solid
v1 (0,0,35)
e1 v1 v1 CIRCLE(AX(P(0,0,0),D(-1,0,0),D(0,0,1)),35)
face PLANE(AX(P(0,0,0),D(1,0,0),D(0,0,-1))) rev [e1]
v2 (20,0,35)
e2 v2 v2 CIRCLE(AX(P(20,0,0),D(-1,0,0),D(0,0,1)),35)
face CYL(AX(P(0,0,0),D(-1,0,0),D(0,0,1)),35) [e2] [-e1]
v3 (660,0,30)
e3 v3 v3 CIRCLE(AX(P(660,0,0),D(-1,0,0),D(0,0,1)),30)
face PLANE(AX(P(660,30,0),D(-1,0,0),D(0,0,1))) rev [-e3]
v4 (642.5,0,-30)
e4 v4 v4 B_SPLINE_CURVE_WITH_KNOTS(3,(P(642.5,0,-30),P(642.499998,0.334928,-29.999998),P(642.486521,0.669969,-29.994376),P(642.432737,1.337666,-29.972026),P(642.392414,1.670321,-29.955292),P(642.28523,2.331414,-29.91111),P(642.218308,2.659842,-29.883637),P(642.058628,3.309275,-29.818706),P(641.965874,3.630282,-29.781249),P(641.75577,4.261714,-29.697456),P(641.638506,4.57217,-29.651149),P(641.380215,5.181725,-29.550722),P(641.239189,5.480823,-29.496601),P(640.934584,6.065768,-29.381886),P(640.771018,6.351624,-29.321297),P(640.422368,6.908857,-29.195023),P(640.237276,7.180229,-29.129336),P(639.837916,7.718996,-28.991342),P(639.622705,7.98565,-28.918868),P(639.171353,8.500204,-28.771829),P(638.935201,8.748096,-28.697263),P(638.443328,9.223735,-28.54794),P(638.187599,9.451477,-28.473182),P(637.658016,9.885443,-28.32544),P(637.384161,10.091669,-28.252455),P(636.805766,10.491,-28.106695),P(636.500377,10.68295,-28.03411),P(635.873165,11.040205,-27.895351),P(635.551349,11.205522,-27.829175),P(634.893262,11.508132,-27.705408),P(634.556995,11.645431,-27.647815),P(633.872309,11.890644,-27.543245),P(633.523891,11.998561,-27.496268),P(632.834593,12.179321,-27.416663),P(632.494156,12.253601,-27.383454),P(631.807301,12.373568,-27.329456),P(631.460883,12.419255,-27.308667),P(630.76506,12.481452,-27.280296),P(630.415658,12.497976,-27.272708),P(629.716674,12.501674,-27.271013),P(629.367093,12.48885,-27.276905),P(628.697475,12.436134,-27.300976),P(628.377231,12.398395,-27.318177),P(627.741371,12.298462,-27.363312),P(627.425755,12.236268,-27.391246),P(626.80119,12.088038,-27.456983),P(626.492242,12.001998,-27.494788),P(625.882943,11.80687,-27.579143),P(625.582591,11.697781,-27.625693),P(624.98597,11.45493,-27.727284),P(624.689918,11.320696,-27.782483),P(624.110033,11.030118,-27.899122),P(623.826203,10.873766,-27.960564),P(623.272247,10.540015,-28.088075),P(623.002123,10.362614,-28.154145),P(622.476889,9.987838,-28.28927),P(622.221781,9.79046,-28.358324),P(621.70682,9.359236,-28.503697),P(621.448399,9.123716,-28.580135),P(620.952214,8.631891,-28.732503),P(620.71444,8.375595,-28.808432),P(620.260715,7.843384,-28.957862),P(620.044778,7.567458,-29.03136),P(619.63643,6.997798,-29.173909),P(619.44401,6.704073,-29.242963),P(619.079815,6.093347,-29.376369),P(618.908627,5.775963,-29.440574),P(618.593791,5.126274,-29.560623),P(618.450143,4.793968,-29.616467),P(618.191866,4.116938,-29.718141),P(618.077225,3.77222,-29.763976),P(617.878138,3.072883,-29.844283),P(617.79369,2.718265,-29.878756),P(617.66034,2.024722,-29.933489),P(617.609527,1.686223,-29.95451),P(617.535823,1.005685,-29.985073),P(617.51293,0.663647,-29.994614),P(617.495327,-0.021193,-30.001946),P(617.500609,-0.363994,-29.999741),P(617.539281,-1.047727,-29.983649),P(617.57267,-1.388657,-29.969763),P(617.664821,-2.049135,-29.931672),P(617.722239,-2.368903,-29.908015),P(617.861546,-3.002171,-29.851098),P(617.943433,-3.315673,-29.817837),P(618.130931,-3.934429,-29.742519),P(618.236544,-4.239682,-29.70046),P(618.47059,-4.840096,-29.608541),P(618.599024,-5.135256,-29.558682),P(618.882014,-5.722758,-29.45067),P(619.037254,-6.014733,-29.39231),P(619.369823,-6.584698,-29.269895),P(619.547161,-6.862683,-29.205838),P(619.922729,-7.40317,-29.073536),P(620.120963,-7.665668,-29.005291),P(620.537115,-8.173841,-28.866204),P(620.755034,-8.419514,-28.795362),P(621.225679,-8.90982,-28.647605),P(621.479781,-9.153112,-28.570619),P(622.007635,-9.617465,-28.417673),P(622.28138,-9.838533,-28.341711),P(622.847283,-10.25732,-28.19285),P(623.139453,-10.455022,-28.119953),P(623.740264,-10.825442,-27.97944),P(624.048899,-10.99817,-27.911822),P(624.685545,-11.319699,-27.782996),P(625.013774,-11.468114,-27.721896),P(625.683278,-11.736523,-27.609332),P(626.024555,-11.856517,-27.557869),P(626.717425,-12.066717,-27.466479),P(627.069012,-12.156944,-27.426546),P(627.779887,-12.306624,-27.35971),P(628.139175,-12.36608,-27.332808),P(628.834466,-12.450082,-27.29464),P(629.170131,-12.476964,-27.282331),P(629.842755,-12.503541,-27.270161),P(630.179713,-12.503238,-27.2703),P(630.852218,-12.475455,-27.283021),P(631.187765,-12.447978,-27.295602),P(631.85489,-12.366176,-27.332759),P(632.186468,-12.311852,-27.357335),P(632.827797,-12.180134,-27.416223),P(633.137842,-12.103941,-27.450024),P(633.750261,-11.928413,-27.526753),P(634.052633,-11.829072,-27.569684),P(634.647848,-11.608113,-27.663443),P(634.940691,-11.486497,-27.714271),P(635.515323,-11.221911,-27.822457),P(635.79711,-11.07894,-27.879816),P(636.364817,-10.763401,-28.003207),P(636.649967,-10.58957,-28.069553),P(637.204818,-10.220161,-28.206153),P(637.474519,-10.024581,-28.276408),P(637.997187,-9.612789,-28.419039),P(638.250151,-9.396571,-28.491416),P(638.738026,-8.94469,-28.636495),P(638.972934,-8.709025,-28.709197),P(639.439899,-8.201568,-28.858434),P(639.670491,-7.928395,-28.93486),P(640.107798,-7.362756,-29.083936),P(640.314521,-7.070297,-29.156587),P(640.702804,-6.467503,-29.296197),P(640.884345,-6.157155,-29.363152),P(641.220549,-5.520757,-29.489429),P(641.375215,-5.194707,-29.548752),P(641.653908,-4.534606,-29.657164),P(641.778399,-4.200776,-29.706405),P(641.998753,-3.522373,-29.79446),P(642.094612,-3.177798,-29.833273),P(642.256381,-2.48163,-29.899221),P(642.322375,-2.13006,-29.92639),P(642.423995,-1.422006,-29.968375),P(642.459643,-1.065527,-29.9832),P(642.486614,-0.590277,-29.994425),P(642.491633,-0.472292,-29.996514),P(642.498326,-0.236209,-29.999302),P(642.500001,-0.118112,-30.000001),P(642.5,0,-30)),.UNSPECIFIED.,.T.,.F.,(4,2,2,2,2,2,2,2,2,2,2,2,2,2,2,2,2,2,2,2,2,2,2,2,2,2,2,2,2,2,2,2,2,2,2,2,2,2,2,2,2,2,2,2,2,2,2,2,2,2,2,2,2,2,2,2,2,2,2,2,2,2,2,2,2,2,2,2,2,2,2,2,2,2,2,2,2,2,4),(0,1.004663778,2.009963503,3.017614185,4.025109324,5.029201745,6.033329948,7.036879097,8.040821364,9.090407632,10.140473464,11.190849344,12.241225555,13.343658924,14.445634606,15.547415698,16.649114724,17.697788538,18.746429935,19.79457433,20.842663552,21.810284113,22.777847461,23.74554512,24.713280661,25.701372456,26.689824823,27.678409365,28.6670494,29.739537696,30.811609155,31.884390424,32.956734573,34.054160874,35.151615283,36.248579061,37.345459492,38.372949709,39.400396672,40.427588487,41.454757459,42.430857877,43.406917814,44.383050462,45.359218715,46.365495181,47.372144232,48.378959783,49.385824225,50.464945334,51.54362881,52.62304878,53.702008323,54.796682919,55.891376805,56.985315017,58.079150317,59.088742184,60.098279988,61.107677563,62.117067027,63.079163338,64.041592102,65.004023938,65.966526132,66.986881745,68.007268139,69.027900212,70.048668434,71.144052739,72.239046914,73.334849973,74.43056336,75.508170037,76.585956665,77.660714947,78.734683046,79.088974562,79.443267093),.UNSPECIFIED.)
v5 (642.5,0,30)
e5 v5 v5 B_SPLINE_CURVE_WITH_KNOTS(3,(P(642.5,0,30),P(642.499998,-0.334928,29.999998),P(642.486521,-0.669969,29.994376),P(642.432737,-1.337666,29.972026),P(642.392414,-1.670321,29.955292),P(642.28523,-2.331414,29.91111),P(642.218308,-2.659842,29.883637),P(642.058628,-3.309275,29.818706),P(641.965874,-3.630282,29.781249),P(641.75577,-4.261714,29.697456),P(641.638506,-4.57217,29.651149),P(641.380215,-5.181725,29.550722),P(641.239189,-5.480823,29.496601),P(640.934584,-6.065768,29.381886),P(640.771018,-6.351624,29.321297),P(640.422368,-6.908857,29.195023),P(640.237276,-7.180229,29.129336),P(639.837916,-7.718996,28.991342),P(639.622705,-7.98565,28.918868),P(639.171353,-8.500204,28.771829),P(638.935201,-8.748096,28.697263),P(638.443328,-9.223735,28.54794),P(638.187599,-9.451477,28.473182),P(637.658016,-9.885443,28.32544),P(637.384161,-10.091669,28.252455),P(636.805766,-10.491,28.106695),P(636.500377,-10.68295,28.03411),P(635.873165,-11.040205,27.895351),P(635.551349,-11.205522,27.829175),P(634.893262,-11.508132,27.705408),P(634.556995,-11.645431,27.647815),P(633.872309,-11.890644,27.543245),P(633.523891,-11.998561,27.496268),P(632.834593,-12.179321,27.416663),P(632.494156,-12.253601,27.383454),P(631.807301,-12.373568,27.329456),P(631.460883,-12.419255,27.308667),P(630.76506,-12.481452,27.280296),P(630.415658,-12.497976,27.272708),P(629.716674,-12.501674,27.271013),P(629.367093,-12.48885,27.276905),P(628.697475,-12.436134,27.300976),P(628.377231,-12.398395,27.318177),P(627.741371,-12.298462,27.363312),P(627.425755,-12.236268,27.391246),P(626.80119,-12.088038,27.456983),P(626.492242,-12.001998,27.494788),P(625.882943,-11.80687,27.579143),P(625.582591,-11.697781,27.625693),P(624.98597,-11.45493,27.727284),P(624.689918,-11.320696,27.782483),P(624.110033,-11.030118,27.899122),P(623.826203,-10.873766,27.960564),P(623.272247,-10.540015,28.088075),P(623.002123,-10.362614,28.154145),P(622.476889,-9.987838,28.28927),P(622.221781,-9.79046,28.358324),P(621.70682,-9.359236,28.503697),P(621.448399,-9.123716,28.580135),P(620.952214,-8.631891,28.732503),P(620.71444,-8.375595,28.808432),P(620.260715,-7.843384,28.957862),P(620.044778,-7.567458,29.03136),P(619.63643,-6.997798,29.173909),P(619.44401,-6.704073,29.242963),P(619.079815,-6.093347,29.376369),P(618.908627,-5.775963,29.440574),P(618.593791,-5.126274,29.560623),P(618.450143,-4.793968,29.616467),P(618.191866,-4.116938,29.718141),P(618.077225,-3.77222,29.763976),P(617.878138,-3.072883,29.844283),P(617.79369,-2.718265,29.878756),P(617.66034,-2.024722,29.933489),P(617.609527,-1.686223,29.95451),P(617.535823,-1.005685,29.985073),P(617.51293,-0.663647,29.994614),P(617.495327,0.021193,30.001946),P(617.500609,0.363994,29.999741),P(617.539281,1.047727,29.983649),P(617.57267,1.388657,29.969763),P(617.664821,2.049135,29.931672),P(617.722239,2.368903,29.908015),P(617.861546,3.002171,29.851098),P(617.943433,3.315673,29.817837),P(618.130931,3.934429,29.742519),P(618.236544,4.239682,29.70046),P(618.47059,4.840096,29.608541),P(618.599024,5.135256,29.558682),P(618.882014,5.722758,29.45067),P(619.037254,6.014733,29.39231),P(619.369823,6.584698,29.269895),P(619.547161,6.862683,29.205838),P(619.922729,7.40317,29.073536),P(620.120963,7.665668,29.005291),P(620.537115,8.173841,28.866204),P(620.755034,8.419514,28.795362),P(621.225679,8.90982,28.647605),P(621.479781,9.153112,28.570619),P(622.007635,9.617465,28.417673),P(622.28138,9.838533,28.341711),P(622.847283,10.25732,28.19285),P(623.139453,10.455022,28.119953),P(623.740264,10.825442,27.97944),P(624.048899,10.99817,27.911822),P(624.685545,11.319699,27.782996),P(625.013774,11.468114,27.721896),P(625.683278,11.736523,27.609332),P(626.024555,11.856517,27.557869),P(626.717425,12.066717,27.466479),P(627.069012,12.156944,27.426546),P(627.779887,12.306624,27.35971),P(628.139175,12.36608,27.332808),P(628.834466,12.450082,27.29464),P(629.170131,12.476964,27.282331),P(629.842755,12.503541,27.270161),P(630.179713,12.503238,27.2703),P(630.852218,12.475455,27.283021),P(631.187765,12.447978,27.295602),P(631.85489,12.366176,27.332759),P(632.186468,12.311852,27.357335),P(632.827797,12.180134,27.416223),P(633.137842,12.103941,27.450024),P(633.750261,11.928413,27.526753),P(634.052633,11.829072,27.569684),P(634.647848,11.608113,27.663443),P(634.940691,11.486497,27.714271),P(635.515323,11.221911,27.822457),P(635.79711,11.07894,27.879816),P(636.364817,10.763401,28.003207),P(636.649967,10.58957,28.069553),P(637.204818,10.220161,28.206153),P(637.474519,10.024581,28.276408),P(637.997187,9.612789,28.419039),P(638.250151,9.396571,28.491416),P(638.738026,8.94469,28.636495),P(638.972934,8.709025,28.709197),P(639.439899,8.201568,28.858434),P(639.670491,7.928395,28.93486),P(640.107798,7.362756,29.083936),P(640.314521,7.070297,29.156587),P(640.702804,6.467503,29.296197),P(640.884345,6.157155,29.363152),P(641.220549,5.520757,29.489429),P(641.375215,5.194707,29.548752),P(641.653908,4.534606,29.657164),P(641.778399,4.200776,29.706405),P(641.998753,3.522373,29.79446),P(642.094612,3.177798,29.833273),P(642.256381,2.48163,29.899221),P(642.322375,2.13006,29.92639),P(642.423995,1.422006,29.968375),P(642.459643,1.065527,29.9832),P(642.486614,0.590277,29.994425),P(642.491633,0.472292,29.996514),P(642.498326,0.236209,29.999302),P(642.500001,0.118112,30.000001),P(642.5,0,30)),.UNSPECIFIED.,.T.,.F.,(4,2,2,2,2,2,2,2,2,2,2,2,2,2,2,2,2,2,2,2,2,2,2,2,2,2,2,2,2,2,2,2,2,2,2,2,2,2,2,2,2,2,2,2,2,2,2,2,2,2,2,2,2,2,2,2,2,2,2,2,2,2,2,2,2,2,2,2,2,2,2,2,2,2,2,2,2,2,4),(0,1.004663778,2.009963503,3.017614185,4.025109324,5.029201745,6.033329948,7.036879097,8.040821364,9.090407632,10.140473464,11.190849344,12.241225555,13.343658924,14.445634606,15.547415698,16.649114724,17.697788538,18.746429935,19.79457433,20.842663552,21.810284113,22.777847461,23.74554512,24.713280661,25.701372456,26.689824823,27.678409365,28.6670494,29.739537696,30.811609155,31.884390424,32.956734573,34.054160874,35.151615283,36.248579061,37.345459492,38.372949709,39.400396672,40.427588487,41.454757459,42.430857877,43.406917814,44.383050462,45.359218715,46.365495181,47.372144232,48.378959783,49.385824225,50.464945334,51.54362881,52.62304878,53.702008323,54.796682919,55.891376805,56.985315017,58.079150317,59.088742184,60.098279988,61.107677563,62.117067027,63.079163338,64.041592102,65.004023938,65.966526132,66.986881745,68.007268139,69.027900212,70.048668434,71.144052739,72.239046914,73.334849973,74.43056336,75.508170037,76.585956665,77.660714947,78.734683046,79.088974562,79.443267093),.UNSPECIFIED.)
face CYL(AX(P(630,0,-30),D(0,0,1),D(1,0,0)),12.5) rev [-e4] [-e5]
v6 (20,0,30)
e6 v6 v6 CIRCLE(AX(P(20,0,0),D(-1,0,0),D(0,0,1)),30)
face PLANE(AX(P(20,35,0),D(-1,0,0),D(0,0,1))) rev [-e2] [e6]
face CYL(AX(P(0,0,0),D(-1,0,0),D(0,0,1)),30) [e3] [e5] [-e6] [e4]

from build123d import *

# Parameters (mm, degrees)
IZIM2_R               = 12.5
KES_EKSTR_ZYON1_DEPTH = 30


with BuildPart() as part:
    # Çizim1 → Döndür1 (revolve)
    with BuildSketch(Plane.XY, mode=Mode.PRIVATE) as d_nd_r1_sk:
        Polygon((0, 0), (0, 35), (20, 35), (20, 30), (660, 30), (660, 0), align=None)
    revolve(d_nd_r1_sk.sketch.rotate(Axis((0, 0, 0), (1, 0, 0)), 90), axis=Axis((0, 0, 0), (1, 0, 0)))

    # Çizim2 → Kes-Ekstrüzyon1 (cut, symmetric)
    with BuildSketch(Plane.XY):
        with Locations((630, 0)):
            Circle(IZIM2_R)
    extrude(amount=KES_EKSTR_ZYON1_DEPTH, both=True, mode=Mode.SUBTRACT)


solid = part.part
